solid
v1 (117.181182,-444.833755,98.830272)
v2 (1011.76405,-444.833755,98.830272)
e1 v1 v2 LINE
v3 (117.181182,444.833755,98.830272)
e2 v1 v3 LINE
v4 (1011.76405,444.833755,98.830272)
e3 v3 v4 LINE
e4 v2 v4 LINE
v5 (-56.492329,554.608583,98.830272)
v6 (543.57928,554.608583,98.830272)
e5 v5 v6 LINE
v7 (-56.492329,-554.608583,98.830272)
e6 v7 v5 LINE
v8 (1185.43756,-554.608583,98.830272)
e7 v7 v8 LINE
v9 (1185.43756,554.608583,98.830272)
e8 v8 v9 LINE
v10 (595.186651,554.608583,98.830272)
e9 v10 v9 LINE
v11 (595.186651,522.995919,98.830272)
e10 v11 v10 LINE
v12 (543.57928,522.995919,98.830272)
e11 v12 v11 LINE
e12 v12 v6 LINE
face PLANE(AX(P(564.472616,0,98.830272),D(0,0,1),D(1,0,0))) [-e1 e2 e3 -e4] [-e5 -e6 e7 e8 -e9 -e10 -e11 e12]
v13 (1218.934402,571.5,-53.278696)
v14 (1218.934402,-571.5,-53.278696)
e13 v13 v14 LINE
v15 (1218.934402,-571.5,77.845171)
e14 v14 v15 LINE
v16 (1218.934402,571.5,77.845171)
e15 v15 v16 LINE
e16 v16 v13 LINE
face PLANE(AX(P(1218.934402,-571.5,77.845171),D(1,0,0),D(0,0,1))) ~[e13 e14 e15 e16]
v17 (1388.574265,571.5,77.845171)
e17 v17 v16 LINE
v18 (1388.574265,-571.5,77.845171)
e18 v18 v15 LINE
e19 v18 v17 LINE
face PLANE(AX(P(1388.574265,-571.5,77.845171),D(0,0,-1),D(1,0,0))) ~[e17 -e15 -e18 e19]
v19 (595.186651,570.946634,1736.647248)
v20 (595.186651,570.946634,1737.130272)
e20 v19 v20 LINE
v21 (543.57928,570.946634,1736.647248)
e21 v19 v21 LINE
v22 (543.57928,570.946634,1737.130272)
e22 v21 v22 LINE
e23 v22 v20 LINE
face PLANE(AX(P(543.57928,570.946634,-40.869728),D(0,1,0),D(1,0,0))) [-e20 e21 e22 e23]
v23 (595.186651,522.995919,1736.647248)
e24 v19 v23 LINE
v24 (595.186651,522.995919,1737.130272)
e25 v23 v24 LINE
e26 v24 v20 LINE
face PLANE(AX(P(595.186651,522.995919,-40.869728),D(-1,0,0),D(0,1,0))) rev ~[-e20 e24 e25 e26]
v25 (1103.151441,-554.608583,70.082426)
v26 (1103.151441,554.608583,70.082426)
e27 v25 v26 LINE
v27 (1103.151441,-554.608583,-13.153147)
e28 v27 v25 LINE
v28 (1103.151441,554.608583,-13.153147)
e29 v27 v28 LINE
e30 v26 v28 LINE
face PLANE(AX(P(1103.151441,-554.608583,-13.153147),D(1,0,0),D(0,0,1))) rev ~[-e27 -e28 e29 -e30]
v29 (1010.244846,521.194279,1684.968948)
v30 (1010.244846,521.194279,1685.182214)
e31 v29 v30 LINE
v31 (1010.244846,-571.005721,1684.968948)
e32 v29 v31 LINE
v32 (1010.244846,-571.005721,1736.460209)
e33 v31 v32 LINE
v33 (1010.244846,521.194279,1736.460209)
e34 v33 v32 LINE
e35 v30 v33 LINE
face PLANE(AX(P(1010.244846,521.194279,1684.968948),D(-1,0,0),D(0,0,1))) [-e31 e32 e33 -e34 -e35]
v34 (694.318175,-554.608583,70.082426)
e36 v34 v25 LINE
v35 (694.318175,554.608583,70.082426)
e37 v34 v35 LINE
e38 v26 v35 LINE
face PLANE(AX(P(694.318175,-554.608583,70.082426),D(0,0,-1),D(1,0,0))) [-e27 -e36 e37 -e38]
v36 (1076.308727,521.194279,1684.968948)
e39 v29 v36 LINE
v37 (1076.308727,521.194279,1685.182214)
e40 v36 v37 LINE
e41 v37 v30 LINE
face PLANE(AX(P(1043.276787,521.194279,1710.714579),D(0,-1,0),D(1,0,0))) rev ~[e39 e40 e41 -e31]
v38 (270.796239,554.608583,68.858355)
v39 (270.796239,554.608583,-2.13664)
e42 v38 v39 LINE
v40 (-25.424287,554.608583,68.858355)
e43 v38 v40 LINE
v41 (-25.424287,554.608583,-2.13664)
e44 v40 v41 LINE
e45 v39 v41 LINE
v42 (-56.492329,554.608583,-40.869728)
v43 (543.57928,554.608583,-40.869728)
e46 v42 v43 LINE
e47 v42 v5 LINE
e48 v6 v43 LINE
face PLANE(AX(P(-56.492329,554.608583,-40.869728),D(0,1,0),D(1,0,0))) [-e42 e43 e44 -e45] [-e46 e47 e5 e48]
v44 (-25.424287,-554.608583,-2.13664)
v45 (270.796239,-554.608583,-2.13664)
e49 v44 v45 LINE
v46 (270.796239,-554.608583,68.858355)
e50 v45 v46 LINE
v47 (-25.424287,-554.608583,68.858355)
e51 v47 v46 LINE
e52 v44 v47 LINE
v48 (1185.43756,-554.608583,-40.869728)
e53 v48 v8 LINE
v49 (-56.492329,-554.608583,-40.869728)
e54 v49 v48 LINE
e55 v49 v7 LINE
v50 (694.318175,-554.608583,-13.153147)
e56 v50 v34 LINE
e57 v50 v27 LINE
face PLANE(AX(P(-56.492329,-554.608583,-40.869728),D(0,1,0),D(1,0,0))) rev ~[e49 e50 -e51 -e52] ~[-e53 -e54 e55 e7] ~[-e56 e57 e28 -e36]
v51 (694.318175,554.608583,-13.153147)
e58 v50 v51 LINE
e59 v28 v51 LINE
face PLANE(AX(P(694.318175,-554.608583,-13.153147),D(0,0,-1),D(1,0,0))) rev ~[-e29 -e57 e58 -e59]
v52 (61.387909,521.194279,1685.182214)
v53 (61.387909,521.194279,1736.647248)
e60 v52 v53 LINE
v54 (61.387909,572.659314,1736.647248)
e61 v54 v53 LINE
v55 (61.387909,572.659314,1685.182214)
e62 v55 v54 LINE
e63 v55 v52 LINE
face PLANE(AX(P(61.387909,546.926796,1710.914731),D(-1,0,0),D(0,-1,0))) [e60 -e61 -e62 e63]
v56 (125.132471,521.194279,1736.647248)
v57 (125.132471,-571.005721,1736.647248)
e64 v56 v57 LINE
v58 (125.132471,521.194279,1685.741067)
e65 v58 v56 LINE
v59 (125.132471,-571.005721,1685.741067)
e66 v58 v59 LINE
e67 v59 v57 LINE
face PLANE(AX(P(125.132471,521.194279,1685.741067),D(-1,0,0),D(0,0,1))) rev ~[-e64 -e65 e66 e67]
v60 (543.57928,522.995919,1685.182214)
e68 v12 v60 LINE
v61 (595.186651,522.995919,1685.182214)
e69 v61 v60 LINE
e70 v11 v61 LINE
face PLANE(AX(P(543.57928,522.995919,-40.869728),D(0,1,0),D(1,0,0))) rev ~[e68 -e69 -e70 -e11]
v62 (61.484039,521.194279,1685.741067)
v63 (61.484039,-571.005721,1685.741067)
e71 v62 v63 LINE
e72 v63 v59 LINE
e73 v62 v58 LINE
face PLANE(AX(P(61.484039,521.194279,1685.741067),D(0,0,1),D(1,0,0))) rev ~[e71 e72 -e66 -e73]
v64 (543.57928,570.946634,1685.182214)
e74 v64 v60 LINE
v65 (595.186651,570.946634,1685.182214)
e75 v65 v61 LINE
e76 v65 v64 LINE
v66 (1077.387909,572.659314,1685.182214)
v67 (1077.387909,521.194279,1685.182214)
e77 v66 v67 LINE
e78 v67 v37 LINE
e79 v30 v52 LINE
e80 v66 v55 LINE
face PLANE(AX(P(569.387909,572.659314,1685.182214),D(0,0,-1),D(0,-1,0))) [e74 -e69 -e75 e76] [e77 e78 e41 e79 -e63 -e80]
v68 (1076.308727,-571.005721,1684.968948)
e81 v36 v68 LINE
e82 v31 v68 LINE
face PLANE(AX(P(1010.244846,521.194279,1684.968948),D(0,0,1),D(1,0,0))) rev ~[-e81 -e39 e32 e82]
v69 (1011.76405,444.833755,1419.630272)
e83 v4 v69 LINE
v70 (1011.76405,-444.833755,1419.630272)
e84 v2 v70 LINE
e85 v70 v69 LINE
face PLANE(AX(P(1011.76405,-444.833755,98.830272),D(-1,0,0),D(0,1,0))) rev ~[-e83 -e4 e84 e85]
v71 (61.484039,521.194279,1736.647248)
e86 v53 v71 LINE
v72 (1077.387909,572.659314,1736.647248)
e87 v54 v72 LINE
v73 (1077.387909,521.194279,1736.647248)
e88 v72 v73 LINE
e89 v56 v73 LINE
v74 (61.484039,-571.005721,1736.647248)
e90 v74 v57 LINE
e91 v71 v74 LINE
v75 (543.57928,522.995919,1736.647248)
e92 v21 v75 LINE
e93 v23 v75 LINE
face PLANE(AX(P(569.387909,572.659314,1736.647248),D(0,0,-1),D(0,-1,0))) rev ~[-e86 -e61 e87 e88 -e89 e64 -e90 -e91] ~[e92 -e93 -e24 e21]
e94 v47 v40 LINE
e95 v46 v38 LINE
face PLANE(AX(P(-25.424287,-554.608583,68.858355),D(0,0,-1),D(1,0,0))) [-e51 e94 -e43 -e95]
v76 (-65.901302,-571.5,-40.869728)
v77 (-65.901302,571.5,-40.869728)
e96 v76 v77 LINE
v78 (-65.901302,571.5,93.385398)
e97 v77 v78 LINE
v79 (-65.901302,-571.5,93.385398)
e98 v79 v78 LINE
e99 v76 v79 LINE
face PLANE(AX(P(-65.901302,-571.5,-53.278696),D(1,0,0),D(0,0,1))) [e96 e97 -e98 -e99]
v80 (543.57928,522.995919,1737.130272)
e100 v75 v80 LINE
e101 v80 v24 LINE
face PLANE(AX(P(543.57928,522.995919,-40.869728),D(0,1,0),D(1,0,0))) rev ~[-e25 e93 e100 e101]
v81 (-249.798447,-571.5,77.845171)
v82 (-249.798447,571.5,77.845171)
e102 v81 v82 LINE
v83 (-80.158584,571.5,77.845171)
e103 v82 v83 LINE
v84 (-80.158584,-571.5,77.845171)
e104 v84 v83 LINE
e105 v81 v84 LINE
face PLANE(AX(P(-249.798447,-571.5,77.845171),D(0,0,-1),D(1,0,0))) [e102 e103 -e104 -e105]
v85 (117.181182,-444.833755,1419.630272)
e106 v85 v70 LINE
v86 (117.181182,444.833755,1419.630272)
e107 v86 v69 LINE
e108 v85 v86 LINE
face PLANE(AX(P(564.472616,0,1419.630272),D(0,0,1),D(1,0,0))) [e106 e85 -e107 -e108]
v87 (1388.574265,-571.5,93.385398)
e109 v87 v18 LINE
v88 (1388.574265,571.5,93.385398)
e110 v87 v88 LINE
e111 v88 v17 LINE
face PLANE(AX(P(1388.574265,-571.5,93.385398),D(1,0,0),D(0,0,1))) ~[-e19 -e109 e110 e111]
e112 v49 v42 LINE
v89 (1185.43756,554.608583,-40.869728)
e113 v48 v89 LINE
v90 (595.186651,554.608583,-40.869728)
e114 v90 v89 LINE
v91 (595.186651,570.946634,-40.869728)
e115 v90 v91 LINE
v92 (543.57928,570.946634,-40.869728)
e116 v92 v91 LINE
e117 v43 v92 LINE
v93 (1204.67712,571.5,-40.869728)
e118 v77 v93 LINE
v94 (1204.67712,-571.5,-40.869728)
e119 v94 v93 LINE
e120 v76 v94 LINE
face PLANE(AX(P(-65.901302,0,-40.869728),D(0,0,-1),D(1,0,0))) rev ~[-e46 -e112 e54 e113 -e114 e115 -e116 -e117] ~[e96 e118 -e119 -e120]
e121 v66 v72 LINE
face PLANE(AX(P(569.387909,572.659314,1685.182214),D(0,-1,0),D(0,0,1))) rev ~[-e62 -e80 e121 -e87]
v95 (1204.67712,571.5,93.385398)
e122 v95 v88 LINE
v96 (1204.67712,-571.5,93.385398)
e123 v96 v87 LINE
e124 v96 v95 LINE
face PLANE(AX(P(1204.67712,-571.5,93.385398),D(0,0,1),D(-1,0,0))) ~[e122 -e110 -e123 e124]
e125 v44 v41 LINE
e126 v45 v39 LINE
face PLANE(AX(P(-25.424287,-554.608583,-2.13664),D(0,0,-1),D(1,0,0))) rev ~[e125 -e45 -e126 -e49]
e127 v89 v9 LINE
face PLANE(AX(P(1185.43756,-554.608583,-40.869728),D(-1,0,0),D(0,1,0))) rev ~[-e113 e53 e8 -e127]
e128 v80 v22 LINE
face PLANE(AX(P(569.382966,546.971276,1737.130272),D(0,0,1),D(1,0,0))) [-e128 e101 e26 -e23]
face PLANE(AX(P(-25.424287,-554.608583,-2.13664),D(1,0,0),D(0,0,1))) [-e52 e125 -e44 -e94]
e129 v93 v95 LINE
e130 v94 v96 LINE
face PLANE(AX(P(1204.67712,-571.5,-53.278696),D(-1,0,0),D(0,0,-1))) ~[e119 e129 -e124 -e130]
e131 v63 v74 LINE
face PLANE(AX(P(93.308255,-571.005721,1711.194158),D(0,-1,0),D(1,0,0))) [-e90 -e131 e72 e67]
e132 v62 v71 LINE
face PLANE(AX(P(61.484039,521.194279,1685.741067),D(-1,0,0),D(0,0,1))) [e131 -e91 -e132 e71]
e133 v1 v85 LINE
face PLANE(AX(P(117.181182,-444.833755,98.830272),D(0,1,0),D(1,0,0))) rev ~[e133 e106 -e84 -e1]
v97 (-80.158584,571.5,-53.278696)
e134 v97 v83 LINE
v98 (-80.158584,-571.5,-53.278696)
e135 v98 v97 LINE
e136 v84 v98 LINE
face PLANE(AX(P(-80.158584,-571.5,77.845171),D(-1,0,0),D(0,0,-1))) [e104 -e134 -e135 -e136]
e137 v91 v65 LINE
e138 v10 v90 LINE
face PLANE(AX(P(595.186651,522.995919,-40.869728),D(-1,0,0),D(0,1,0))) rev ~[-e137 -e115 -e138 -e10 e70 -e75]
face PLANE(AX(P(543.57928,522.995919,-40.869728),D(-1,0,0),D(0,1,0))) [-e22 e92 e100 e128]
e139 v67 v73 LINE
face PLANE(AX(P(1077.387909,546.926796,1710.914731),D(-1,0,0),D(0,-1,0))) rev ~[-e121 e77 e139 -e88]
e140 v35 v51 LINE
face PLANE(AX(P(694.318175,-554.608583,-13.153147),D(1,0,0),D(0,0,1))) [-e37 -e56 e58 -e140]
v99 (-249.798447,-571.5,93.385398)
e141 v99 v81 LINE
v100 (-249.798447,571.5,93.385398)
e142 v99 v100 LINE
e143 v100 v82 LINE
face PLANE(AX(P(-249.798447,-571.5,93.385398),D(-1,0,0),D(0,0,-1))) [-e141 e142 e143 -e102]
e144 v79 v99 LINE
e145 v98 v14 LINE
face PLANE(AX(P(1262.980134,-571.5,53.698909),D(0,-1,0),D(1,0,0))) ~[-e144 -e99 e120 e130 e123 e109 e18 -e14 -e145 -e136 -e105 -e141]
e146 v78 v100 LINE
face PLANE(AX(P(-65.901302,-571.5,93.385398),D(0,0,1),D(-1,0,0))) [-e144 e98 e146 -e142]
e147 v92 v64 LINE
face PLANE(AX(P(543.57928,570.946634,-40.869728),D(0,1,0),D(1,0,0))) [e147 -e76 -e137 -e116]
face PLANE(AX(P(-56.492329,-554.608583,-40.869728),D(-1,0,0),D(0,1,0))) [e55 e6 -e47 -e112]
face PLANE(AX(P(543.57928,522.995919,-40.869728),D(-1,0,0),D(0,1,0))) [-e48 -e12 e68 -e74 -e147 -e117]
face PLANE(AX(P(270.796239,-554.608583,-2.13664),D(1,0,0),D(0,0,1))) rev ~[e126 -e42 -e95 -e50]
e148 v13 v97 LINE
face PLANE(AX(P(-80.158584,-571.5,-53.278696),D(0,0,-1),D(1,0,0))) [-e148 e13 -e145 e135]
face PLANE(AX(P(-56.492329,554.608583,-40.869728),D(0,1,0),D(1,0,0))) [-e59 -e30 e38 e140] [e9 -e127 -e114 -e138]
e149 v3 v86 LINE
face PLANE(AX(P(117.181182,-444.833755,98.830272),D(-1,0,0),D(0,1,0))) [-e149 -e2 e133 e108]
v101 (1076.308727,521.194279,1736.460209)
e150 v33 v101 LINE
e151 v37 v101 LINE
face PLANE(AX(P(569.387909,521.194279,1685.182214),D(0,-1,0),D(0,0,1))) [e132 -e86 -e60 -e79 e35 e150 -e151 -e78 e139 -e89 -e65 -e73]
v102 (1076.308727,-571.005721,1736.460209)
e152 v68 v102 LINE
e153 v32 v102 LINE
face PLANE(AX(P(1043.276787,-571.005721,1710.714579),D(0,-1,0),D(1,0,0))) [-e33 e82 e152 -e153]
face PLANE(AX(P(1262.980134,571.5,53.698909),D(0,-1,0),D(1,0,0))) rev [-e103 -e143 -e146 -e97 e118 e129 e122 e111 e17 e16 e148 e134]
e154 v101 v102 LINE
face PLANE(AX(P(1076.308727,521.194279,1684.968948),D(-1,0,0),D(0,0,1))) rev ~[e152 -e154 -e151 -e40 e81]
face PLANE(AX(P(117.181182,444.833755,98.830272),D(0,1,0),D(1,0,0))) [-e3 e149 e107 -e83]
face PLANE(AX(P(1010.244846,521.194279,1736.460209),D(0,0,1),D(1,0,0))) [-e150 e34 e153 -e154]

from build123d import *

# Parameters (mm, degrees)
F0_W      = 1284.835703671
F0_H      = 12.4089680612
F1_DEPTH  = 571.5
F3_DEPTH  = 1143
F6_W      = 51.6073703766
F6_H      = 47.9507148266
F7_DEPTH  = 1778
F8_W      = 51.4650344849
F8_H      = 51.4650344849
F9_DEPTH  = 508
F10_W     = 63.6484324932
F10_H     = 50.9061813354
F10_W_2   = 66.0638809204
F10_H_2   = 51.4912605286
F11_DEPTH = 1092.2
F12_W     = 1241.9298887253
F12_H     = 1109.2171669006
F13_DEPTH = 139.7
F14_W     = 296.2205260992
F14_H     = 70.9949955344
F14_W_2   = 408.8332653046
F14_H_2   = 83.2355730236
F15_DEPTH = 1127.2688971291
F16_W     = 894.5828676224
F16_H     = 889.6675109863
F17_DEPTH = 1320.8


with BuildPart() as f1:
    # F0 (on Front) → F1 (new body, symmetric)
    with BuildSketch(Plane.XZ):
        with Locations((576.5165500343, -47.0742117614)):
            Rectangle(F0_W, F0_H)
    extrude(amount=F1_DEPTH, both=True)

    # F2 (on face) → F3 (join)
    with BuildSketch(Plane.XZ.offset(571.5)):
        Polygon((-65.9013018012, -53.278695792), (-65.9013018012, -40.8697277308), (-65.9013018012, 93.3853983879), (-249.7984468937, 93.3853983879), (-249.7984468937, 77.8451710939), (-80.1585838199, 77.8451710939), (-80.1585838199, -53.278695792), align=None)
    extrude(amount=-F3_DEPTH)

    # F5: F1 across plane


with BuildPart() as f1_1:
    add(f1.part)
    add(f1.part.mirror(Plane(origin=(569.387909025, 0, -17.3954870552), x_dir=(0, -1, 0), z_dir=(-1, 0, 0))))

    # F6 (on face) → F7 (join)
    with BuildSketch(Plane.XY.offset(-40.8697277308)):
        with Locations((569.3829655647, 546.9712764025)):
            Rectangle(F6_W, F6_H)
    extrude(amount=F7_DEPTH)

    # F8 (on mid) → F9 (join, symmetric)
    with BuildSketch(Plane(origin=(569.387909025, 0, 0), x_dir=(0, -1, 0), z_dir=(-1, 0, 0))):
        with Locations((-546.9267964363, 1710.9147310257)):
            Rectangle(F8_W, F8_H)
    extrude(amount=F9_DEPTH, both=True)

    # F10 (on face) → F11 (join)
    with BuildSketch(Plane.XZ.offset(-521.1942791939)):
        with Locations((93.3082550764, 1711.1941576004)):
            Rectangle(F10_W, F10_H)
        with Locations((1043.2767868042, 1710.7145786285)):
            Rectangle(F10_W_2, F10_H_2)
    extrude(amount=F11_DEPTH)

    # F12 (on face) → F13 (join)
    with BuildSketch(Plane.XY.offset(-40.8697277308)):
        with Locations((564.4726157188, 0)):
            Rectangle(F12_W, F12_H)
    extrude(amount=F13_DEPTH)

    # F14 (on face) → F15 (cut, through all)
    with BuildSketch(Plane.XZ.offset(554.6085834503)):
        with Locations((122.6859763265, 33.3608575165)):
            Rectangle(F14_W, F14_H)
        with Locations((898.7348079681, 28.4646395594)):
            Rectangle(F14_W_2, F14_H_2)
    extrude(amount=-F15_DEPTH, mode=Mode.SUBTRACT)

    # F16 (on face) → F17 (join)
    with BuildSketch(Plane.XY.offset(98.8302722692)):
        with Locations((564.4726157188, 0)):
            Rectangle(F16_W, F16_H)
    extrude(amount=F17_DEPTH)


solid = f1_1.part
